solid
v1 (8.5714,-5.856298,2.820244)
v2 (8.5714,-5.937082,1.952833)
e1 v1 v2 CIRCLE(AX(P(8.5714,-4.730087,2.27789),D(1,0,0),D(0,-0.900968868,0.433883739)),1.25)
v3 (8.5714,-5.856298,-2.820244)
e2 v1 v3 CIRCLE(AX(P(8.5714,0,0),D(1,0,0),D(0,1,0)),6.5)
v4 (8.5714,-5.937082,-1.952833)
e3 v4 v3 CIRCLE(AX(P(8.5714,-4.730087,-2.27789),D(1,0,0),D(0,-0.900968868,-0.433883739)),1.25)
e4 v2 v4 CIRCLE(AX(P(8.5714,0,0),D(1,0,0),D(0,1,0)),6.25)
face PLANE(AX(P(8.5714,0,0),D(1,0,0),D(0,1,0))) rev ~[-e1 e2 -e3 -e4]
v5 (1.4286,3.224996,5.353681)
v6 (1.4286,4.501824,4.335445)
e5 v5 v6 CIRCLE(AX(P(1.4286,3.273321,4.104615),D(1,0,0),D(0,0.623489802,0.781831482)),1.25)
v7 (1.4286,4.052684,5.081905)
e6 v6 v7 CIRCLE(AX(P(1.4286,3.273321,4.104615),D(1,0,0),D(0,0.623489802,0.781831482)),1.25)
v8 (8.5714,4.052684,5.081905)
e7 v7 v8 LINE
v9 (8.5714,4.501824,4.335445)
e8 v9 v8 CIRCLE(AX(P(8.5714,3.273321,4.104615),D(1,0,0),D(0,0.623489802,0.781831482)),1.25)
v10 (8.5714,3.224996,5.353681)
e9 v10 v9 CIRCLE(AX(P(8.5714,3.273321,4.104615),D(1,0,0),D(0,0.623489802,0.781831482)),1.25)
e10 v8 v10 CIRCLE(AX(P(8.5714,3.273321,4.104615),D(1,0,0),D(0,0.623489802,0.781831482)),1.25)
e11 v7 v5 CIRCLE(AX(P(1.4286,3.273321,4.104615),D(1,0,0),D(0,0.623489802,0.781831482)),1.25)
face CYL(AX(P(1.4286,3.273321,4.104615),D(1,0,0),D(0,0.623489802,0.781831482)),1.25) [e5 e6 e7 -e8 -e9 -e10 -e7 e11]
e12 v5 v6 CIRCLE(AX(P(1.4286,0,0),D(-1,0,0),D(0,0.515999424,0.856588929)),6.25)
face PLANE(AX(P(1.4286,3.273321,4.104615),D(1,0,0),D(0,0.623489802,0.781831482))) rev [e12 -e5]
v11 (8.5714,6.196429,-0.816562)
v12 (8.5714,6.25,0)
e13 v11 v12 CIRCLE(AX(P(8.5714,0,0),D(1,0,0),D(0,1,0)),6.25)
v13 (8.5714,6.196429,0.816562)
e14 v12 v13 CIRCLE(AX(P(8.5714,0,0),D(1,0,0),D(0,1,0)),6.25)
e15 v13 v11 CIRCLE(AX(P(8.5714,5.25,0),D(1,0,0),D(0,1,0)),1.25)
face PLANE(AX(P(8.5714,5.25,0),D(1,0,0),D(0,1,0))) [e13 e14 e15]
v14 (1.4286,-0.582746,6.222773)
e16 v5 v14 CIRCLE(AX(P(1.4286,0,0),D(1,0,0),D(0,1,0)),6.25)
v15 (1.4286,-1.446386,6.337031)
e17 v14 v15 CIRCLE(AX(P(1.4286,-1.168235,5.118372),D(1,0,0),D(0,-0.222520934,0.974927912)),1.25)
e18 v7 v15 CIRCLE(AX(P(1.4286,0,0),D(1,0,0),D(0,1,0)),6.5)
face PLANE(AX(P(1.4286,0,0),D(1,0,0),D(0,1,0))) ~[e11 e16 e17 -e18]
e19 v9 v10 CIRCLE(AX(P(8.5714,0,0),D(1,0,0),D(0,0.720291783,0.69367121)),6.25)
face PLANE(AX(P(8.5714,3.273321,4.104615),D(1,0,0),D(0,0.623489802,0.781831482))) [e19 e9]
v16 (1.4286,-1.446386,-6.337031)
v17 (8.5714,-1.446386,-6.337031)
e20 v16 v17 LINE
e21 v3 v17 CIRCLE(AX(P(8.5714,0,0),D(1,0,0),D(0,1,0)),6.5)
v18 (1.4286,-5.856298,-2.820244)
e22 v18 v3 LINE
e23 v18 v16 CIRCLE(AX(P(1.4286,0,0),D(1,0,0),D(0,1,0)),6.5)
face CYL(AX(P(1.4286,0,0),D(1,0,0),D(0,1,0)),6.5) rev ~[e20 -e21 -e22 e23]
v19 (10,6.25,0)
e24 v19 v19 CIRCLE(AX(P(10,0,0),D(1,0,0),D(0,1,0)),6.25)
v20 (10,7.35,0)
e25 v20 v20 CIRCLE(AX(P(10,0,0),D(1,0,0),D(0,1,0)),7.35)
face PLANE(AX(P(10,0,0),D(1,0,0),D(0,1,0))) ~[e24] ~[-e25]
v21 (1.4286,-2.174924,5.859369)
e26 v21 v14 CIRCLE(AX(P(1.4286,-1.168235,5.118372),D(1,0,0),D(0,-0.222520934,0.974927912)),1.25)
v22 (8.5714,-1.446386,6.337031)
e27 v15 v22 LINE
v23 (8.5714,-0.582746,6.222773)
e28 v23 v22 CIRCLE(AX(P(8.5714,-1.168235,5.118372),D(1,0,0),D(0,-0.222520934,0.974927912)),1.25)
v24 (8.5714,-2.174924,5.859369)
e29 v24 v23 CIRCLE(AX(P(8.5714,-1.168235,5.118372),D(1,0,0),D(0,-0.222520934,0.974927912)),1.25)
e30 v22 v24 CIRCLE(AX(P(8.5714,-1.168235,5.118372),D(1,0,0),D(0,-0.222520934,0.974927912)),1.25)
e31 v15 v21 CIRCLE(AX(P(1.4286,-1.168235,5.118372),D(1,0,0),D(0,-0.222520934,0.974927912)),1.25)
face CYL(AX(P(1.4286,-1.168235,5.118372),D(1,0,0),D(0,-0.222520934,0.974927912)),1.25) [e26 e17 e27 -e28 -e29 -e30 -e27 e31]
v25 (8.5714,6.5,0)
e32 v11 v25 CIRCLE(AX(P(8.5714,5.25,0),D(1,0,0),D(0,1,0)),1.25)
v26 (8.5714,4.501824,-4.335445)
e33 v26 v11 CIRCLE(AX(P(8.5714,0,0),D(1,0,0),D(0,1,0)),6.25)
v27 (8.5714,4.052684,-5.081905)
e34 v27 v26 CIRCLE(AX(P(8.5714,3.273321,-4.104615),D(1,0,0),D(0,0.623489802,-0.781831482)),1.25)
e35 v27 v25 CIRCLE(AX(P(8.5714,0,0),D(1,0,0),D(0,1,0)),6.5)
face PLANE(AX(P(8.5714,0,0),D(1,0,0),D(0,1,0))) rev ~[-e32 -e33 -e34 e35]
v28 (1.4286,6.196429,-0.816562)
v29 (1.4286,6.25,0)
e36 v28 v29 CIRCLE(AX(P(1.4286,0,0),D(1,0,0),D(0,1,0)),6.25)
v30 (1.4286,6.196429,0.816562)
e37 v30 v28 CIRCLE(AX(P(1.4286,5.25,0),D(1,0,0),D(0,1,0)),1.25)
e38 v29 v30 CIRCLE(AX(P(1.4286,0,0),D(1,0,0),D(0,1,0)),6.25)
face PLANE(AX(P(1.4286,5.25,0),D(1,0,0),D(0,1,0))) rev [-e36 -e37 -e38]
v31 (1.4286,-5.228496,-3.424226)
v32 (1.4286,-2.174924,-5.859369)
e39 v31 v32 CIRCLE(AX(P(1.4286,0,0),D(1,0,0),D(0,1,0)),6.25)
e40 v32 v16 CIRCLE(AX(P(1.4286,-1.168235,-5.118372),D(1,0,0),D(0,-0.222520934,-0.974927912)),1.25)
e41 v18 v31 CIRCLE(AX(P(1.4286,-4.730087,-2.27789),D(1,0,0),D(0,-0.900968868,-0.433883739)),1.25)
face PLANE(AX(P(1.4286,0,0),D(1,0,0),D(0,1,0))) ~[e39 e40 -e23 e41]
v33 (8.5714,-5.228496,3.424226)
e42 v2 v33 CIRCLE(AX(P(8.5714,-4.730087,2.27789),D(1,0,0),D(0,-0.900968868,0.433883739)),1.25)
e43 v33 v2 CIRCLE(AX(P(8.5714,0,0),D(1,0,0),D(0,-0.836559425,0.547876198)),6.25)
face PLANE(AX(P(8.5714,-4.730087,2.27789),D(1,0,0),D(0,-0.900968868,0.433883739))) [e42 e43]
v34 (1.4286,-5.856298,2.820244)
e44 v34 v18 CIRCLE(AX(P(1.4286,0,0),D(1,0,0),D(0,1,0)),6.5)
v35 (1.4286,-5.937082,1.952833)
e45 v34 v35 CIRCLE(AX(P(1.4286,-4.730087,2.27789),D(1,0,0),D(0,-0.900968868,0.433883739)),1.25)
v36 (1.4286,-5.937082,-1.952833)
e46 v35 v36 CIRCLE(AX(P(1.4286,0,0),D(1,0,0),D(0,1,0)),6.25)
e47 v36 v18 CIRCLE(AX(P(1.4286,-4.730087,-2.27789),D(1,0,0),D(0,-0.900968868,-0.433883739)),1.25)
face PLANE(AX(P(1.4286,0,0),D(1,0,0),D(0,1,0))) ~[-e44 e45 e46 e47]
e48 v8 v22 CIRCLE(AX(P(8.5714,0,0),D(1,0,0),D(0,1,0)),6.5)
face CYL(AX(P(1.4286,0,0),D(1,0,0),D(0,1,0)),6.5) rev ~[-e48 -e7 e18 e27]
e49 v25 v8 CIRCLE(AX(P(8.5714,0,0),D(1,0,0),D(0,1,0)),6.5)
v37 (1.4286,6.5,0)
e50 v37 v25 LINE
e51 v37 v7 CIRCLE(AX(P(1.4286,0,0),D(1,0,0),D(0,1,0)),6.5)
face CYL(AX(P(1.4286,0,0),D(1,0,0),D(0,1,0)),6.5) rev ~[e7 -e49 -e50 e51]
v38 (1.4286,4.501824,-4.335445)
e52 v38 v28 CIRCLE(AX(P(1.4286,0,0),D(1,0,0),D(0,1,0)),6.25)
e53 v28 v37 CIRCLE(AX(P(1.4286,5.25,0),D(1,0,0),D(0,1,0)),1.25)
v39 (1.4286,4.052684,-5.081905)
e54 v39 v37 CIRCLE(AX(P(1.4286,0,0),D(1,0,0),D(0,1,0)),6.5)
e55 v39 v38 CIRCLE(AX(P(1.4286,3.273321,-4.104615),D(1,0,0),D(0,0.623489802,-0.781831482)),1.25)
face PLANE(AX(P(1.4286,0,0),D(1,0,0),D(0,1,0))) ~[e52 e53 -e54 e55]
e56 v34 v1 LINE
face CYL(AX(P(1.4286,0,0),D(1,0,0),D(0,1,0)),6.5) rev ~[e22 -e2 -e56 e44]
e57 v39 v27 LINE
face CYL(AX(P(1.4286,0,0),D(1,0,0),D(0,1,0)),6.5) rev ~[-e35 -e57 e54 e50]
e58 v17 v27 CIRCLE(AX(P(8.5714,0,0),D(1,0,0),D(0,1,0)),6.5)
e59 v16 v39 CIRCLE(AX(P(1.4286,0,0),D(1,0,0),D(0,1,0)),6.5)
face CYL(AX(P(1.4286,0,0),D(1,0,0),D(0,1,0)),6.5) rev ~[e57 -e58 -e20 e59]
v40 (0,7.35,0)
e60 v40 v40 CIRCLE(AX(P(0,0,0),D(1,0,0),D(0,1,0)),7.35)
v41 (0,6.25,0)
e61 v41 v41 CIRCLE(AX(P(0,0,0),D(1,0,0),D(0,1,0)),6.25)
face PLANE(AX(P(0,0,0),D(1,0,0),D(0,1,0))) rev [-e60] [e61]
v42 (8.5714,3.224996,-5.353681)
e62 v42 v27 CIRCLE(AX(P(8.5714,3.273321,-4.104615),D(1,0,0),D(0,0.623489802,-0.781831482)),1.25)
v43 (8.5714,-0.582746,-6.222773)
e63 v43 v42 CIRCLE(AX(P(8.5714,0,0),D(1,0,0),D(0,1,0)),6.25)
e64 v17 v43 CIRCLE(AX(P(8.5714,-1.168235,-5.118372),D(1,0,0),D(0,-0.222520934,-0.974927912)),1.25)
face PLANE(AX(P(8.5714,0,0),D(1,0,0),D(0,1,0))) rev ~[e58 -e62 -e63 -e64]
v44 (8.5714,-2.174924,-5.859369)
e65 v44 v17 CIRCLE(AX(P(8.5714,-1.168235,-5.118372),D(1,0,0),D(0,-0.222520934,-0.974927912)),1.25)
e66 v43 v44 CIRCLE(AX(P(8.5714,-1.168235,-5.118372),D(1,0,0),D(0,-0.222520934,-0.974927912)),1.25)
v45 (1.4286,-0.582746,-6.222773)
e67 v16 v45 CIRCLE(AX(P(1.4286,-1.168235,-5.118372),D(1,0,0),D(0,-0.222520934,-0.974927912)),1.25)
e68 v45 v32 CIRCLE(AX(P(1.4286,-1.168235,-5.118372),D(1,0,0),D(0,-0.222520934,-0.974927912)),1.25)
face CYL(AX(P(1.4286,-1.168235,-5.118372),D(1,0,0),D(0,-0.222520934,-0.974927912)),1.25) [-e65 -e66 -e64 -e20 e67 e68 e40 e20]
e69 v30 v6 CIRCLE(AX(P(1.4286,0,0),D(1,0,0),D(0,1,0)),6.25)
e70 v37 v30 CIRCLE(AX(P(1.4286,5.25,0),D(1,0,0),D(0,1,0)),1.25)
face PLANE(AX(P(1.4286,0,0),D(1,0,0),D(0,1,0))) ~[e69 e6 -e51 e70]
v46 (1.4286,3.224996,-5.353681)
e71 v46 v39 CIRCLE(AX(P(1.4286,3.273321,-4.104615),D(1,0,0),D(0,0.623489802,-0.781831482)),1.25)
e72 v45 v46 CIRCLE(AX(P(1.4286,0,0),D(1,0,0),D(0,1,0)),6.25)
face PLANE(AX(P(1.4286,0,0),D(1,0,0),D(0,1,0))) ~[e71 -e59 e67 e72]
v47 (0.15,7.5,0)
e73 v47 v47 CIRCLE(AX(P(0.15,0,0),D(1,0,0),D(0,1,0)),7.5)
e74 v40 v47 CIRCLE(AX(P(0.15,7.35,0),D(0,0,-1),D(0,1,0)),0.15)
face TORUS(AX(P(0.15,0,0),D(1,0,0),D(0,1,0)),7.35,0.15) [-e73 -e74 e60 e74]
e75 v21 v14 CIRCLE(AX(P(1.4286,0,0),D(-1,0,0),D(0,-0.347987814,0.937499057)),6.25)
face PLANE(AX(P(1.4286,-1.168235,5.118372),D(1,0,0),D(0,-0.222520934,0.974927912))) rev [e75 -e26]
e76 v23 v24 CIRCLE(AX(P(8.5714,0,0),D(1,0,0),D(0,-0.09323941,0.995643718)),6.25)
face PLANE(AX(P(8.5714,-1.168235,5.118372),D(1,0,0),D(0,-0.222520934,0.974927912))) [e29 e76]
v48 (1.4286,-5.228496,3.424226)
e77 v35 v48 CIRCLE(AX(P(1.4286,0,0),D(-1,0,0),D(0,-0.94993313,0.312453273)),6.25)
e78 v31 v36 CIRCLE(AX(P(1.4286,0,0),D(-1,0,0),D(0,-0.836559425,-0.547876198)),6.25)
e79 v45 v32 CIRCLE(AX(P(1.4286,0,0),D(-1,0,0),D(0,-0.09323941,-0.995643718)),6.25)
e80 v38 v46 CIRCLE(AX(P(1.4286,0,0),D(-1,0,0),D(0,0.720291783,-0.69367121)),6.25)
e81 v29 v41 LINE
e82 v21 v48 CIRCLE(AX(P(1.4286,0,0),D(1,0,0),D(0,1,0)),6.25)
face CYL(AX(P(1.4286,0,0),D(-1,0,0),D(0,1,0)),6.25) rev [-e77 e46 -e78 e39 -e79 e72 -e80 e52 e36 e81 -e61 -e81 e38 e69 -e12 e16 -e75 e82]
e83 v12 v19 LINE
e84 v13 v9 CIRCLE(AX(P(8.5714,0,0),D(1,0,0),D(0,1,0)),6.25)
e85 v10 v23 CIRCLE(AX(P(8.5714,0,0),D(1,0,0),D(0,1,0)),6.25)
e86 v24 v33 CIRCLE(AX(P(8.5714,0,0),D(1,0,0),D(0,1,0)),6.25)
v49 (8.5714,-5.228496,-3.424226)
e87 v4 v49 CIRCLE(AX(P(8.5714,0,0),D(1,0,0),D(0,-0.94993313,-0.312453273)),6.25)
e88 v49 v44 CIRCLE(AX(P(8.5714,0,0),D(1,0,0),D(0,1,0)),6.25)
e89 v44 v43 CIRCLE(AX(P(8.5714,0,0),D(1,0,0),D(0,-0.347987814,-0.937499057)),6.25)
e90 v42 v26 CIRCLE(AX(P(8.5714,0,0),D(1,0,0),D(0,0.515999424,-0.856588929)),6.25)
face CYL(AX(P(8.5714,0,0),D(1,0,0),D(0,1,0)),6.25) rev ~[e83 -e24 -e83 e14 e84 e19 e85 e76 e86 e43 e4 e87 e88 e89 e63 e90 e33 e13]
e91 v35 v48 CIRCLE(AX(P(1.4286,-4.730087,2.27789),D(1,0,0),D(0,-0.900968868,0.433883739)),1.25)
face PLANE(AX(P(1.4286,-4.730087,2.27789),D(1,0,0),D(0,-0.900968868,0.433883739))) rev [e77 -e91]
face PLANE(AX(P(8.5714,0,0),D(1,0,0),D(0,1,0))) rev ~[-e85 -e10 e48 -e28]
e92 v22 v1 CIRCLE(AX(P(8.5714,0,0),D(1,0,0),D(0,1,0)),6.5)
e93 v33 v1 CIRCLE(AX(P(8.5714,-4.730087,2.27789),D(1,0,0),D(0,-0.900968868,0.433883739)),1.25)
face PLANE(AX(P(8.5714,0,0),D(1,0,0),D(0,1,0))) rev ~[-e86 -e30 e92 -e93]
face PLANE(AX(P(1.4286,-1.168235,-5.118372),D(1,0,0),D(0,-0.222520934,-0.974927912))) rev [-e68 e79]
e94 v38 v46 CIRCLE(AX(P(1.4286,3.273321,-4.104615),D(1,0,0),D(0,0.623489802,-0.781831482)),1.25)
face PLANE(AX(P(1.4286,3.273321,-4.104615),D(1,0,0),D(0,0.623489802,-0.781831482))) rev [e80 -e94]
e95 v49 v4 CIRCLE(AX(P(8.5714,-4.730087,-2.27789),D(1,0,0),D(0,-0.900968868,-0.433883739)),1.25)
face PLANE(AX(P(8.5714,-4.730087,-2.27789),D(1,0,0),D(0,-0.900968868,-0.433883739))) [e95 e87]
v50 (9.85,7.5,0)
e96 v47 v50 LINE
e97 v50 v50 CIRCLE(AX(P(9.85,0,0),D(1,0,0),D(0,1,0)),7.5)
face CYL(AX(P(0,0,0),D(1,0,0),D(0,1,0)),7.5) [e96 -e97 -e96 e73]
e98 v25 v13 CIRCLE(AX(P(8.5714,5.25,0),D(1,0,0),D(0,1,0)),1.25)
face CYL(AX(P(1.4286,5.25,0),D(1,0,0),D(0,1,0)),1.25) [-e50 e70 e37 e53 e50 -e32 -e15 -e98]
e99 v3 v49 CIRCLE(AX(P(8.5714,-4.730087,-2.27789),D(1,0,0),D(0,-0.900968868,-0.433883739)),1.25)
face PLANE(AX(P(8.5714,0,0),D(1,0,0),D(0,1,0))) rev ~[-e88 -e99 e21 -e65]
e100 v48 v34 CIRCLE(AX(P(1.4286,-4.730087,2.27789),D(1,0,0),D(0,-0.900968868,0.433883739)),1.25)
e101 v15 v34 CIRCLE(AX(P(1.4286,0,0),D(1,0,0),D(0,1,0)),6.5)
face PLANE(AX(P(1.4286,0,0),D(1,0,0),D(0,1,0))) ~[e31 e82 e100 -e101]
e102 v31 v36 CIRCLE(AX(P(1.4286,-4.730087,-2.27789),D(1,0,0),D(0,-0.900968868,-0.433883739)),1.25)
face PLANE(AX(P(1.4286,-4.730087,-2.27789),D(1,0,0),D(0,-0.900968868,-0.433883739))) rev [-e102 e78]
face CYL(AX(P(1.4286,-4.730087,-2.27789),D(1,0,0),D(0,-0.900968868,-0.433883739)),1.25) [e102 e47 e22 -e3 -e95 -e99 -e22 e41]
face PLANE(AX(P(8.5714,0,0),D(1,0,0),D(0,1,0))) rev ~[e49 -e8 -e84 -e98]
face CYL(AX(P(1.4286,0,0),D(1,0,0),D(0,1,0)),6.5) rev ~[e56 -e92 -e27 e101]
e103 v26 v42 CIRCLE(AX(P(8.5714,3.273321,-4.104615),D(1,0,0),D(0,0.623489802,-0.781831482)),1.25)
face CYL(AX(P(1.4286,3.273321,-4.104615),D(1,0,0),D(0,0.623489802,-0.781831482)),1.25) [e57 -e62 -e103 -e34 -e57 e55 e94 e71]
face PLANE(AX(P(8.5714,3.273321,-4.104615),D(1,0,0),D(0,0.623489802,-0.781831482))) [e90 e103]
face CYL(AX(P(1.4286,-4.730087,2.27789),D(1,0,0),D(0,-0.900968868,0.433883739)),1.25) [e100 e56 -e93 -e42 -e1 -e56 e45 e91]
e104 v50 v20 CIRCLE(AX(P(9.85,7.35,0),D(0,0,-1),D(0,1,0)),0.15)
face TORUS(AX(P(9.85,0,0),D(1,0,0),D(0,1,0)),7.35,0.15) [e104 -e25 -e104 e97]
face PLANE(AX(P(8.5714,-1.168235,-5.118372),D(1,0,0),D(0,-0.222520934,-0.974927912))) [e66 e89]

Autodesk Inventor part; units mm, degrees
ref_plane "YZ Plane" through (0, 0, 0) normal (1, 0, 0) x (0, 1, 0)
ref_plane "XZ Plane" through (0, 0, 0) normal (0, 1, 0) x (-1, 0, 0)
ref_plane "XY Plane" through (0, 0, 0) normal (0, 0, 1) x (1, 0, 0)
sketch "Sketch" plane through (0, 0, 0) normal (0, 0, 1) x (1, 0, 0)
  line L0 (1.4286, 6.5) -> (8.5714, 6.5)
  line L1 (8.5714, 6.5) -> (8.5714, 4)
  line L2 (8.5714, 4) -> (1.4286, 4)
  line L3 (1.4286, 4) -> (1.4286, 6.5)
  line L4 (1.4286, 5.25) -> (8.5714, 5.25)
  line L5 (5, 5.25) -> (5, 4)
  line L6 (1.4286, 6.25) -> (0, 6.25)
  line L7 (0, 7.5) -> (10, 7.5)
  line L8 (8.5714, 6.25) -> (10, 6.25)
  line L9 (10, 6.25) -> (10, 7.5)
  line L10 (-6, 0) -> (36, 0) projected
  line L11 (0, 3) -> (0, 17) projected
  dimension "d7" = 8
  dimension "d9" = 15
  dimension "d11" = 13
  dimension "d12" = 12.5
  dimension "d13" = 1.4286
  dimension "d14" = 10
revolve "Body" add sketch "Sketch" angle 360 about axis through (-10, 0, 0) along (1, 0, 0) contours L3 L6 L11 L7 L9 L8 L1 L0
fillet "Fillet1" radius 0.15 2 edges at (0, -7.5, 0) (10, -7.5, 0)
revolve "Roller" add sketch "Sketch" angle 360 about axis through (1.4286, 5.25, 0) along (1, 0, 0) contours L0 L1 L4 L3
pattern_circular "Rollers" count 7 over 360 about axis through (-10, 0, 0) along (1, 0, 0) of "Roller"
equation "\"d7\" = WD"
equation "\"d9\" = BD"
equation "\"d11\" = BD + WD1 - WD"
equation "\"d12\" = 0.9 * BD + 0.9 * WD1 - 0.8 * WD"
equation "\"d13\" = 0.142857 * KB"
equation "\"d14\" = KB"
equation "\"d0\" = KRS"
equation "\"WD1\" = 6"
equation "\"BD\" = 15"
equation "\"KB\" = 10"
equation "\"WD\" = 8"
equation "\"KRS\" = 0.15"
equation "\"BBA\" = 0"
equation "\"BR\" = 0.5 * BD"
equation "\"WR\" = 0.5 * WD"
properties part number "ISO 1206 - MS - 8 x 15 x 10" material "Steel, Mild"
